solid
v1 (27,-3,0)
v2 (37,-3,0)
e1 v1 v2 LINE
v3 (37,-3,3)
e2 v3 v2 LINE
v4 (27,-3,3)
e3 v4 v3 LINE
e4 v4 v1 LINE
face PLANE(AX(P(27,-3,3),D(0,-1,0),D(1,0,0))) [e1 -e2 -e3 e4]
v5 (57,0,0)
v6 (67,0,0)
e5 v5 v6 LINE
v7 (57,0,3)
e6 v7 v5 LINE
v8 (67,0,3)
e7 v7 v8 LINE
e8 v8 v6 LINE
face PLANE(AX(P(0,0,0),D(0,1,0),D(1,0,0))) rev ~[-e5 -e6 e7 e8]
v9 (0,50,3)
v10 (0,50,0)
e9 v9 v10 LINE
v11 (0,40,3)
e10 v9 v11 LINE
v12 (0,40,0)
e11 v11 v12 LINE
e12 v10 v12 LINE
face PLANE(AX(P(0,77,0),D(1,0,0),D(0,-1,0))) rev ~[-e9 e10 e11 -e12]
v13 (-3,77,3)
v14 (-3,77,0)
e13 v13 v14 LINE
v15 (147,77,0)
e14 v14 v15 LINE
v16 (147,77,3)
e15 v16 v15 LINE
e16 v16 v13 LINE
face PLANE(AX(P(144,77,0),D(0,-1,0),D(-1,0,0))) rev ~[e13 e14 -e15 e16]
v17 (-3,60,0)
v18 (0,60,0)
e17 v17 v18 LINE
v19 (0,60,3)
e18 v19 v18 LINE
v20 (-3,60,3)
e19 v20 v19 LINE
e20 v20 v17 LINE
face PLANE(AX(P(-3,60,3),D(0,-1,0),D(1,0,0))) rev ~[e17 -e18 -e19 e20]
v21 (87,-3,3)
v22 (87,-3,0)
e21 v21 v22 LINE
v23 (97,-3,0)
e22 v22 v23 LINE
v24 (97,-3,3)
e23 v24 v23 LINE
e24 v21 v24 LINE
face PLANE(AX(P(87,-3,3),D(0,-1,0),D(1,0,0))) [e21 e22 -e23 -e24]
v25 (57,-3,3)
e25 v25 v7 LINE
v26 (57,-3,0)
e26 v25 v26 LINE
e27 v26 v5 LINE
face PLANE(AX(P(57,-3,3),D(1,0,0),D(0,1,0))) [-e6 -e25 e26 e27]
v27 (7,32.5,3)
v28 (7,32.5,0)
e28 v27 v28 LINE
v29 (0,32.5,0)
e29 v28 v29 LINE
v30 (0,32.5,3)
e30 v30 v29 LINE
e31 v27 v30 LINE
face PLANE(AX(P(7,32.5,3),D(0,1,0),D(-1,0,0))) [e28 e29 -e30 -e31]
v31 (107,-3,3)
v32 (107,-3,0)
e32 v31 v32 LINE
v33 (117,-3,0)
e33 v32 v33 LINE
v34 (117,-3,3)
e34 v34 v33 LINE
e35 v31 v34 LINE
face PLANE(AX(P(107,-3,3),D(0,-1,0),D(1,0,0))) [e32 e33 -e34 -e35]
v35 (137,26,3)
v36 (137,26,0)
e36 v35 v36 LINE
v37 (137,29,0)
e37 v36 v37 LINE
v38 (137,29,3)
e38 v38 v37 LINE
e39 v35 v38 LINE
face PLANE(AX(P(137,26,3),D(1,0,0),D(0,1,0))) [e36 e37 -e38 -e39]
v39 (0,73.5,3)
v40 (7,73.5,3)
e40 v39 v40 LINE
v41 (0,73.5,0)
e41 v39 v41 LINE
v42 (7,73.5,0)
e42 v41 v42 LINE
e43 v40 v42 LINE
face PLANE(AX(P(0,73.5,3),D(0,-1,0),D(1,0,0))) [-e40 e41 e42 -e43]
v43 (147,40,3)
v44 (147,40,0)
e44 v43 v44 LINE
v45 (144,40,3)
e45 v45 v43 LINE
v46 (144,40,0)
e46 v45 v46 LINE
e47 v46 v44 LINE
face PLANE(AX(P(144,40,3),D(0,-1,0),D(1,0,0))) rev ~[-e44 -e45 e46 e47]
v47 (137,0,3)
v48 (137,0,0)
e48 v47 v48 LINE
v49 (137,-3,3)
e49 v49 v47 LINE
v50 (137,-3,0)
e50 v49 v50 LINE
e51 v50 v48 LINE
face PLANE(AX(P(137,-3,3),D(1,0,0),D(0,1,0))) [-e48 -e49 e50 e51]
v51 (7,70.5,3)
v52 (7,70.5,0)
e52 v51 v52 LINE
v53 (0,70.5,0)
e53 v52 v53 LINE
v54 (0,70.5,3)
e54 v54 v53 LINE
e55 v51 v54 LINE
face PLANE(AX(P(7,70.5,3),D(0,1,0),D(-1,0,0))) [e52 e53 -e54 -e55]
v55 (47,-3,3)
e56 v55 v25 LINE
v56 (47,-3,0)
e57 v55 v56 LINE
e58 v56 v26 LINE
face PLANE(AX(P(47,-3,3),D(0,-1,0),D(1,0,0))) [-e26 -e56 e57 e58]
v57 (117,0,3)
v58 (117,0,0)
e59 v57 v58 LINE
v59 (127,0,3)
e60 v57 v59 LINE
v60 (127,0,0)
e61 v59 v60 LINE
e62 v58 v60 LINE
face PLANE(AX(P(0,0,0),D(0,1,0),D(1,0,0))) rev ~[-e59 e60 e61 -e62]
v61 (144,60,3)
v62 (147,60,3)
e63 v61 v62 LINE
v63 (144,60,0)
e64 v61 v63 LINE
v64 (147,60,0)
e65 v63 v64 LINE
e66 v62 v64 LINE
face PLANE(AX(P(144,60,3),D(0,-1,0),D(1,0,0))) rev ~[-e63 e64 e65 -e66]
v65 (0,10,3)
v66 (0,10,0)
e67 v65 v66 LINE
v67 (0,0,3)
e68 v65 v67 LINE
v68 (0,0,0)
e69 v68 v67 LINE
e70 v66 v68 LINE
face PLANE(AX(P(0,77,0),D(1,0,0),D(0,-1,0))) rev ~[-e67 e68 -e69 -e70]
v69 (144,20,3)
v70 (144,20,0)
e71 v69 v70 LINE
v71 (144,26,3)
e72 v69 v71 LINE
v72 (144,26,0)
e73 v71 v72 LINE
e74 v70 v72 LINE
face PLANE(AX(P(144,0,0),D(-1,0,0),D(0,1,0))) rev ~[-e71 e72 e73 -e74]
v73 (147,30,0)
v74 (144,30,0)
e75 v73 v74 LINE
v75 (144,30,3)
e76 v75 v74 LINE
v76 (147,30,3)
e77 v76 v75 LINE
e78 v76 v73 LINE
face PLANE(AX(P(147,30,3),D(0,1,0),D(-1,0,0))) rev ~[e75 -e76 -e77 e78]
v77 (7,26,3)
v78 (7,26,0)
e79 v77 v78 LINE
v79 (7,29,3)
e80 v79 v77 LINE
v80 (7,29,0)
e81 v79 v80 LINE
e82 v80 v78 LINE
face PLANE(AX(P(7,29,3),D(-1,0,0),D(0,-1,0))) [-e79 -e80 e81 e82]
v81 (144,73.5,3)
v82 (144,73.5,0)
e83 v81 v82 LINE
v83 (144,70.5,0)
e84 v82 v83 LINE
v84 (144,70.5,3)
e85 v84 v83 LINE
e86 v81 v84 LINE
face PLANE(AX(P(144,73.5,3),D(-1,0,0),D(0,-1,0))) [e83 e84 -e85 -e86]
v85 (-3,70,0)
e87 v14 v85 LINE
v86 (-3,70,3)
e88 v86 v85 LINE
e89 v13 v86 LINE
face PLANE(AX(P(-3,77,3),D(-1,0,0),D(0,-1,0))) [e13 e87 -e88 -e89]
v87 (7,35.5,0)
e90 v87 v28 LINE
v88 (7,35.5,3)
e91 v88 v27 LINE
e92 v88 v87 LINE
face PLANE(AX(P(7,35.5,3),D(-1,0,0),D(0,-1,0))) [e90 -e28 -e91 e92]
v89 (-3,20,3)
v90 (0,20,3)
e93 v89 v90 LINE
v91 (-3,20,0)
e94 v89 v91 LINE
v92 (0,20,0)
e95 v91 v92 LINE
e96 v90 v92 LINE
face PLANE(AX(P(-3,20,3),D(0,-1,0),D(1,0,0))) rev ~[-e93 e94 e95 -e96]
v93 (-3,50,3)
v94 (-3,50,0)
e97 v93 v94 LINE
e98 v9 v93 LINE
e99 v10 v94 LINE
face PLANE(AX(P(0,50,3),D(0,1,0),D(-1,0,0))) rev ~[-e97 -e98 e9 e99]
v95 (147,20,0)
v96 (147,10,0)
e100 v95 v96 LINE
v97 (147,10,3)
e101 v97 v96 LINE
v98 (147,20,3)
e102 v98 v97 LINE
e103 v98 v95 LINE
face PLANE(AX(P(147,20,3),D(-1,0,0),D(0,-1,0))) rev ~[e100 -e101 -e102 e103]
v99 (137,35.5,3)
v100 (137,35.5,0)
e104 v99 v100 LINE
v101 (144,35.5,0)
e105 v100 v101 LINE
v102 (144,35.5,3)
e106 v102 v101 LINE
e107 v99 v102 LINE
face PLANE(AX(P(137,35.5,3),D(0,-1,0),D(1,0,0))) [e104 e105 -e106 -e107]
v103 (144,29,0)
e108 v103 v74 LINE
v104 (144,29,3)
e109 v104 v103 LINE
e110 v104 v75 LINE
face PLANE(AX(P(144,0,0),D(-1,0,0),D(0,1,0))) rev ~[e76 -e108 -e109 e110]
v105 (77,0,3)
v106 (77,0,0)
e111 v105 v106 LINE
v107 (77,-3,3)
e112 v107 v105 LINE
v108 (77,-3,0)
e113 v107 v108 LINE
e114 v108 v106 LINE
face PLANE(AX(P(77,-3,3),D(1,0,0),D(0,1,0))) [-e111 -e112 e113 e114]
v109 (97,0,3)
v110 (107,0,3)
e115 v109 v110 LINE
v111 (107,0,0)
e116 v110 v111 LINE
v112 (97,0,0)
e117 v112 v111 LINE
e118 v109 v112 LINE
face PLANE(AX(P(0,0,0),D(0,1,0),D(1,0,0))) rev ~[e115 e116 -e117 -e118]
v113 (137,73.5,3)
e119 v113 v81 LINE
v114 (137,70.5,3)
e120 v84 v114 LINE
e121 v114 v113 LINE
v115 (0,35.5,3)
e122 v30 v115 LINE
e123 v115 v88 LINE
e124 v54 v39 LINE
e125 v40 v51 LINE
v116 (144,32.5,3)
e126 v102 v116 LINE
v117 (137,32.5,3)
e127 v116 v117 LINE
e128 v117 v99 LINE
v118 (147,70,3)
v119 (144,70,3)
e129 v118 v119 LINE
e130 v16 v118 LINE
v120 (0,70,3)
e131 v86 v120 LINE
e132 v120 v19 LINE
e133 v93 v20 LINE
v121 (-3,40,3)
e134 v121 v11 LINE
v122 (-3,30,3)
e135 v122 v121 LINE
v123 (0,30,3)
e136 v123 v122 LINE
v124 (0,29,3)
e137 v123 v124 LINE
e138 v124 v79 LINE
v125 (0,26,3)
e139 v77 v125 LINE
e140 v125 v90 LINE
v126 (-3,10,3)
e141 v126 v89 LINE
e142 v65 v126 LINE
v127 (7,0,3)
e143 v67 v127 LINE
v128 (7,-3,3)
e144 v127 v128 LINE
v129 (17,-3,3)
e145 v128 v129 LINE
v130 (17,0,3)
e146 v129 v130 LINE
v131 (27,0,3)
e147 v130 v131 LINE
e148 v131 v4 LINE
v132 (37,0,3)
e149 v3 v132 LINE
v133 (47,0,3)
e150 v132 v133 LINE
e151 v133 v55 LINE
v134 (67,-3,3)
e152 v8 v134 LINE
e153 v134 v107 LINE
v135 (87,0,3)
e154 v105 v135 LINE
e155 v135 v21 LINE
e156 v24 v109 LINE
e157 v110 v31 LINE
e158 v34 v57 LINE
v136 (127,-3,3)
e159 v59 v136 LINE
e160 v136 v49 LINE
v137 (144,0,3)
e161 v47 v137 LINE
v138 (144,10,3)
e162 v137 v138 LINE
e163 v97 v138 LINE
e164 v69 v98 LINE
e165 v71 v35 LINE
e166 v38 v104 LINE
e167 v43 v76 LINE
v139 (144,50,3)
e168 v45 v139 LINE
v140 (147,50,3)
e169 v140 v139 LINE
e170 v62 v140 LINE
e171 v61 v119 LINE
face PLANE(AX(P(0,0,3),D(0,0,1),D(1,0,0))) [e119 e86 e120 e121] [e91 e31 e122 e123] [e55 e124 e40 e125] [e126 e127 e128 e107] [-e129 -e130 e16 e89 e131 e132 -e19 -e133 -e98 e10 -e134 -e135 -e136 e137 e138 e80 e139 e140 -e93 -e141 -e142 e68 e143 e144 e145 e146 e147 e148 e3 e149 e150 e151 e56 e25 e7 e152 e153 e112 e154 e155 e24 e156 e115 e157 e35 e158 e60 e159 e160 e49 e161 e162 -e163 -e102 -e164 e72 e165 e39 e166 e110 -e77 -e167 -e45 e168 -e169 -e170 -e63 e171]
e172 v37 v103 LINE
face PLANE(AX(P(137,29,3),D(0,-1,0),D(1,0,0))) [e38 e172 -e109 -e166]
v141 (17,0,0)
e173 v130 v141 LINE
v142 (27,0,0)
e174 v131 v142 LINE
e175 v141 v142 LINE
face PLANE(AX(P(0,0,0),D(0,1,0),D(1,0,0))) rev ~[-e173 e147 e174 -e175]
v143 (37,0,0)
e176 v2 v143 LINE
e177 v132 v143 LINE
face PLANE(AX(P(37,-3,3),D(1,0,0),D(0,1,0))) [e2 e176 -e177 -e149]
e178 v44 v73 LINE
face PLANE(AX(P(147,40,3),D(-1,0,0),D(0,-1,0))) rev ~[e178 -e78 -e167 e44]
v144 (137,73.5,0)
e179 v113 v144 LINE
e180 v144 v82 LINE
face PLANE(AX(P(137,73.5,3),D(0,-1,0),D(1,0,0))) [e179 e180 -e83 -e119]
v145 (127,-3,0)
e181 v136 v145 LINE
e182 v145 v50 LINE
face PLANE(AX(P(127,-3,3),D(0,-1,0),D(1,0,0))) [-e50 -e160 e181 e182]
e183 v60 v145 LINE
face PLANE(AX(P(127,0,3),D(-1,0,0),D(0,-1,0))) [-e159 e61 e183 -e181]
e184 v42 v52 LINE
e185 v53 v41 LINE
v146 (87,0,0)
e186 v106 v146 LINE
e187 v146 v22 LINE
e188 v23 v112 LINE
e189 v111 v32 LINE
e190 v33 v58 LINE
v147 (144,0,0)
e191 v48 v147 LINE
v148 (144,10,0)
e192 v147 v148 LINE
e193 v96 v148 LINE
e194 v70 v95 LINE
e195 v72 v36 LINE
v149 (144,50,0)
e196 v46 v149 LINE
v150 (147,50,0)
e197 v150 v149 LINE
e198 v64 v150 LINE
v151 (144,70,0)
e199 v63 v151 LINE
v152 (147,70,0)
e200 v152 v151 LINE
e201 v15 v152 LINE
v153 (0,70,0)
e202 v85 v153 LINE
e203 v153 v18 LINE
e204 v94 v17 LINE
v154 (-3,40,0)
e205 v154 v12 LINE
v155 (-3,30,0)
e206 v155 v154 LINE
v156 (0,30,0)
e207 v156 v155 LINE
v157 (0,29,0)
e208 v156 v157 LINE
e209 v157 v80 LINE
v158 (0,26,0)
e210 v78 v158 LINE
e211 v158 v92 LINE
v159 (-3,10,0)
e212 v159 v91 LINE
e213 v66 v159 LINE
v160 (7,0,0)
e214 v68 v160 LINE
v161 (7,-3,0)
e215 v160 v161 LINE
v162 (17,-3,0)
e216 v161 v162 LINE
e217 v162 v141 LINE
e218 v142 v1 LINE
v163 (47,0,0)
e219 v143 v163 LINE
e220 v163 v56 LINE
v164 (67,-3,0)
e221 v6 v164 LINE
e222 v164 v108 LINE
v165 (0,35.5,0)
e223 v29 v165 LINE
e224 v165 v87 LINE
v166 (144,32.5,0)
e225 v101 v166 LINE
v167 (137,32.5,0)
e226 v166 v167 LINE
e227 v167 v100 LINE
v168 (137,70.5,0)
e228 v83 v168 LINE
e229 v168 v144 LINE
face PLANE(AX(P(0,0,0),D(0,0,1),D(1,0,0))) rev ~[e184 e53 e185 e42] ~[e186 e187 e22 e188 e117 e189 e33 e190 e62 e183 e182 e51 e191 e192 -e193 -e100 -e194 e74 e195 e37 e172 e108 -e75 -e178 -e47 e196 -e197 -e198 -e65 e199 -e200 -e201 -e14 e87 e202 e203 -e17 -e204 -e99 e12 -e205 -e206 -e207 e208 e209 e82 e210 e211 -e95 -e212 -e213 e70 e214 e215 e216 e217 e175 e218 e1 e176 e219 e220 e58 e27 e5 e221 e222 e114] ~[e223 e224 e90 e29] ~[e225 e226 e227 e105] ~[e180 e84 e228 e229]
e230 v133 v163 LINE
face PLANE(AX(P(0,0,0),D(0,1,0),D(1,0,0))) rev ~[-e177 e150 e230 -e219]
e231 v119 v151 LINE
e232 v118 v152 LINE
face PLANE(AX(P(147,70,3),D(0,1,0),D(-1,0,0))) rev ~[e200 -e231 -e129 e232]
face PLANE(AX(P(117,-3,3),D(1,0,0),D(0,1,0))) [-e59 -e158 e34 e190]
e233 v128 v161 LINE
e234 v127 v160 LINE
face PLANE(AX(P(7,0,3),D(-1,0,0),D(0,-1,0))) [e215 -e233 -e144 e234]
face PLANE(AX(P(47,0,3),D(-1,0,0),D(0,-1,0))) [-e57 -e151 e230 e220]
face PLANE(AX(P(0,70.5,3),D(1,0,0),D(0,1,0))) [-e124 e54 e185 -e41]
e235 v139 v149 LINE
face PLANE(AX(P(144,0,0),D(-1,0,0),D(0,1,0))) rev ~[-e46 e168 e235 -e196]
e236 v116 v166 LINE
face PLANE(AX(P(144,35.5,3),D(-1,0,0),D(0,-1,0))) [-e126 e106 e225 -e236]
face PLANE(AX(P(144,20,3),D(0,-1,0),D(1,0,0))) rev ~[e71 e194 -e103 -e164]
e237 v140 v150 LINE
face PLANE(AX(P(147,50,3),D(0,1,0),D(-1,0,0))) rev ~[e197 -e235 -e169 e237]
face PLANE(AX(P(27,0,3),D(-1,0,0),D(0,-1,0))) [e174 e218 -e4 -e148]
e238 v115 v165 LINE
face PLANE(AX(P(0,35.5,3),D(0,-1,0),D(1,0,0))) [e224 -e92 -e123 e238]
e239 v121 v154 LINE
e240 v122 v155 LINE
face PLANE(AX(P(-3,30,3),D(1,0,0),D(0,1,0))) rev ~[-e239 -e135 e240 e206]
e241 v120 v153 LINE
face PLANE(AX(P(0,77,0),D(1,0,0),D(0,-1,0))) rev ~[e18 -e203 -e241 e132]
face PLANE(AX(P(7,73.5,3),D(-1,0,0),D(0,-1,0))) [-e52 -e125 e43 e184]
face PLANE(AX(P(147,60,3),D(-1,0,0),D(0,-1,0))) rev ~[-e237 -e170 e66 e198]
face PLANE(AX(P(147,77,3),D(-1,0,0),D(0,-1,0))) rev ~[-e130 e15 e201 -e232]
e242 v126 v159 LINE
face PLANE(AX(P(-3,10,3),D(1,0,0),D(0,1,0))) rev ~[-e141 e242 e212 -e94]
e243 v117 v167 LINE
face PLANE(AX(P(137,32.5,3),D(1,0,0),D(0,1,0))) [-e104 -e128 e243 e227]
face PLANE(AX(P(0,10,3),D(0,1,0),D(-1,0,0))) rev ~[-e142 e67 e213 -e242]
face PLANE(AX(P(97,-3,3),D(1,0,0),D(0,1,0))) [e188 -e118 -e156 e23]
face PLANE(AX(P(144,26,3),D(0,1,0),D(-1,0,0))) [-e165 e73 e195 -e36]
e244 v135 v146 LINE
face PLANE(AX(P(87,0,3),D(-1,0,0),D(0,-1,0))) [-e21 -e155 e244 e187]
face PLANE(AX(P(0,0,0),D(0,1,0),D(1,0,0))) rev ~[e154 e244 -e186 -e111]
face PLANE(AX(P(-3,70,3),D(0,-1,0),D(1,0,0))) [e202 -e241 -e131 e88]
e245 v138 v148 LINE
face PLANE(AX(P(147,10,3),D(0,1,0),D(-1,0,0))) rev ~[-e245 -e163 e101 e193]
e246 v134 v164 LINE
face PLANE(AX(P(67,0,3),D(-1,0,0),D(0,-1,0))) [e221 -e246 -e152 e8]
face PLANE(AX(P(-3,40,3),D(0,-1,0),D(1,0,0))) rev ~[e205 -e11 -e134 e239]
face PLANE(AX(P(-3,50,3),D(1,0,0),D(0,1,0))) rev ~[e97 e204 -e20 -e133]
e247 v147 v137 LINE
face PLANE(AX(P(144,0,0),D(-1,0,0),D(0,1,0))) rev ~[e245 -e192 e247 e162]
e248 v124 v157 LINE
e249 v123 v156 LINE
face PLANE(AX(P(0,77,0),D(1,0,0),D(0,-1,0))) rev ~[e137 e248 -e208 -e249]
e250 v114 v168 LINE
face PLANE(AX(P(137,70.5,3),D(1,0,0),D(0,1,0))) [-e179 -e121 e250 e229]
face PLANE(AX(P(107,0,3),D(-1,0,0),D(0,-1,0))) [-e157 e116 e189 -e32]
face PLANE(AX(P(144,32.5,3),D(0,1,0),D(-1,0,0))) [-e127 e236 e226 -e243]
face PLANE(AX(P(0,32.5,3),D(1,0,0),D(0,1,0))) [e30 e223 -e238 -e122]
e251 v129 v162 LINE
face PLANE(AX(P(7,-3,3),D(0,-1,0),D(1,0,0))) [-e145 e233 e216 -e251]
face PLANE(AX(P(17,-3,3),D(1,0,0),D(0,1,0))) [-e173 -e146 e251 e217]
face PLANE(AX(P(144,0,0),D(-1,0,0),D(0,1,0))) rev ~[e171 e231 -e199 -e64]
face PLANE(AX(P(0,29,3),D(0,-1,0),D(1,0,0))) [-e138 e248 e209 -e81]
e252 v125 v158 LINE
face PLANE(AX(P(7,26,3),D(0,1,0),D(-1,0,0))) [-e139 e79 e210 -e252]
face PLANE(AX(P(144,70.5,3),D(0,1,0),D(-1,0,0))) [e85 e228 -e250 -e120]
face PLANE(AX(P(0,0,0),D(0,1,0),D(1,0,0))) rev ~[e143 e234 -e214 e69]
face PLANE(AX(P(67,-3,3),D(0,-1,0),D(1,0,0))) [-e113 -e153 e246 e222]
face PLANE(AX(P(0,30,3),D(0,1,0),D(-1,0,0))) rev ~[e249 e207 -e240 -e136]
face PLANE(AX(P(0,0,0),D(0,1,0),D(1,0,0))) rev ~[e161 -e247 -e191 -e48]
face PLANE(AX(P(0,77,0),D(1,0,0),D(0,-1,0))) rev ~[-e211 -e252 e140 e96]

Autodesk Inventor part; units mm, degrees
ref_plane "YZ Plane" through (0, 0, 0) normal (1, 0, 0) x (0, 1, 0)
ref_plane "XZ Plane" through (0, 0, 0) normal (0, 1, 0) x (-1, 0, 0)
ref_plane "XY Plane" through (0, 0, 0) normal (0, 0, 1) x (1, 0, 0)
sketch "Sketch1" plane through (0, 0, 0) normal (0, 0, 1) x (1, 0, 0)
  line L0 (0, 0) -> (144, 0)
  line L1 (144, 0) -> (144, 77)
  line L2 (144, 77) -> (0, 77)
  line L3 (0, 77) -> (0, 0)
  dimension "d0" = 144
  dimension "d1" = 77
extrude "Extrusion1" add sketch "Sketch1" along normal blind 3
sketch "Sketch2" plane through (0, 0, 3) normal (0, 0, 1) x (1, 0, 0)
  line L0 (144, 77) -> (0, 77) projected
  line L1 (0, 0) -> (144, 0) projected
  line L2 (0, 77) -> (144, 77)
  line L3 (144, 77) -> (144, 0)
  line L4 (144, 0) -> (0, 0)
  line L5 (0, 0) -> (0, 77)
  line L6 (7, 0) -> (7, -3)
  line L7 (7, -3) -> (17, -3)
  line L8 (17, -3) -> (17, 0)
  line L9 (27, 0) -> (27, -3)
  line L10 (27, -3) -> (37, -3)
  line L11 (37, -3) -> (37, 0)
  line L12 (47, 0) -> (47, -3)
  line L13 (47, -3) -> (57, -3)
  line L14 (57, -3) -> (57, 0)
  line L15 (67, 0) -> (67, -3)
  line L16 (67, -3) -> (77, -3)
  line L17 (77, -3) -> (77, 0)
  line L18 (87, 0) -> (87, -3)
  line L19 (87, -3) -> (97, -3)
  line L20 (97, -3) -> (97, 0)
  line L21 (107, 0) -> (107, -3)
  line L22 (107, -3) -> (117, -3)
  line L23 (117, -3) -> (117, 0)
  line L24 (127, 0) -> (127, -3)
  line L25 (127, -3) -> (137, -3)
  line L26 (137, -3) -> (137, 0)
  line L27 (0, 77) -> (0, 0) projected
  line L28 (0, 10) -> (-3, 10)
  line L29 (-3, 10) -> (-3, 20)
  line L30 (-3, 20) -> (0, 20)
  line L31 (-3, 40) -> (0, 40)
  line L32 (-3, 30) -> (-3, 40)
  line L33 (0, 30) -> (-3, 30)
  line L34 (-3, 60) -> (0, 60)
  line L35 (-3, 50) -> (-3, 60)
  line L36 (0, 50) -> (-3, 50)
  line L37 (144, 77) -> (0, 77) projected
  line L38 (0, 77) -> (-3, 77)
  line L39 (-3, 77) -> (-3, 70)
  line L40 (-3, 70) -> (0, 70)
  line L41 (144, 0) -> (144, 77) projected
  line L42 (144, 77) -> (147, 77)
  line L43 (147, 77) -> (147, 70)
  line L44 (147, 70) -> (144, 70)
  line L45 (144, 0) -> (144, 77) projected
  line L46 (144, 60) -> (147, 60)
  line L47 (147, 60) -> (147, 50)
  line L48 (147, 50) -> (144, 50)
  line L49 (144, 40) -> (147, 40)
  line L50 (147, 40) -> (147, 30)
  line L51 (147, 30) -> (144, 30)
  line L52 (144, 20) -> (147, 20)
  line L53 (147, 20) -> (147, 10)
  line L54 (147, 10) -> (144, 10)
  dimension "d4" = 3
  dimension "d5" = 10
  dimension "d8" = 20
  dimension "d13" = 3
  dimension "d14" = 10
  dimension "d17" = 20
  dimension "d22" = 3
  dimension "d23" = 7
  dimension "d24" = 3
extrude "Extrusion2" add sketch "Sketch2" against normal blind 3 contours L42 L43 L44 L3 | L5 L40 L39 L38 | L46 L47 L48 L3 | L5 L36 L35 L34 | L49 L50 L51 L3 | L5 L33 L32 L31 | L52 L53 L54 L3 | L5 L28 L29 L30 | L26 L25 L24 L1 | L1 L8 L7 L6 | L23 L22 L21 L1 | L1 L11 L10 L9 | L20 L19 L18 L1 | L1 L14 L13 L12 | L17 L16 L15 L1
sketch "Sketch3" plane through (0, 0, 3) normal (0, 0, 1) x (1, 0, 0)
  line L0 (0, 73.5) -> (7, 73.5)
  line L1 (7, 73.5) -> (7, 70.5)
  line L2 (7, 70.5) -> (0, 70.5)
  line L3 (0, 70.5) -> (0, 73.5)
  line L4 (137, 73.5) -> (144, 73.5)
  line L5 (144, 73.5) -> (144, 70.5)
  line L6 (144, 70.5) -> (137, 70.5)
  line L7 (137, 70.5) -> (137, 73.5)
  line L8 (0, 35.5) -> (7, 35.5)
  line L9 (7, 35.5) -> (7, 32.5)
  line L10 (7, 32.5) -> (0, 32.5)
  line L11 (0, 32.5) -> (0, 35.5)
  line L12 (137, 35.5) -> (144, 35.5)
  line L13 (144, 35.5) -> (144, 32.5)
  line L14 (144, 32.5) -> (137, 32.5)
  line L15 (137, 32.5) -> (137, 35.5)
  line L16 (7, 29) -> (7, 26)
  line L17 (7, 26) -> (0, 26)
  line L18 (0, 26) -> (0, 29)
  line L19 (0, 29) -> (7, 29)
  line L20 (144, 35.5) -> (144, 32.5)
  line L21 (144, 32.5) -> (137, 32.5)
  line L22 (137, 32.5) -> (137, 35.5)
  line L23 (137, 35.5) -> (144, 35.5)
  line L24 (144, 29) -> (144, 26)
  line L25 (144, 26) -> (137, 26)
  line L26 (137, 26) -> (137, 29)
  line L27 (137, 29) -> (144, 29)
  line L28 (-3, 77) -> (147, 77) projected
  point P0 (0, 0)
  dimension "d27" = 7
  dimension "d28" = 3
  dimension "d31" = 137
  dimension "d34" = 38
  dimension "d41" = 6.5
  dimension "d44" = 137
  dimension "d47" = 3.5
  dimension "d48" = 3.5
extrude "Extrusion3" cut sketch "Sketch3" against normal through all
properties part number "DoosjeVoorkant" material "Wood (Cherry)"
